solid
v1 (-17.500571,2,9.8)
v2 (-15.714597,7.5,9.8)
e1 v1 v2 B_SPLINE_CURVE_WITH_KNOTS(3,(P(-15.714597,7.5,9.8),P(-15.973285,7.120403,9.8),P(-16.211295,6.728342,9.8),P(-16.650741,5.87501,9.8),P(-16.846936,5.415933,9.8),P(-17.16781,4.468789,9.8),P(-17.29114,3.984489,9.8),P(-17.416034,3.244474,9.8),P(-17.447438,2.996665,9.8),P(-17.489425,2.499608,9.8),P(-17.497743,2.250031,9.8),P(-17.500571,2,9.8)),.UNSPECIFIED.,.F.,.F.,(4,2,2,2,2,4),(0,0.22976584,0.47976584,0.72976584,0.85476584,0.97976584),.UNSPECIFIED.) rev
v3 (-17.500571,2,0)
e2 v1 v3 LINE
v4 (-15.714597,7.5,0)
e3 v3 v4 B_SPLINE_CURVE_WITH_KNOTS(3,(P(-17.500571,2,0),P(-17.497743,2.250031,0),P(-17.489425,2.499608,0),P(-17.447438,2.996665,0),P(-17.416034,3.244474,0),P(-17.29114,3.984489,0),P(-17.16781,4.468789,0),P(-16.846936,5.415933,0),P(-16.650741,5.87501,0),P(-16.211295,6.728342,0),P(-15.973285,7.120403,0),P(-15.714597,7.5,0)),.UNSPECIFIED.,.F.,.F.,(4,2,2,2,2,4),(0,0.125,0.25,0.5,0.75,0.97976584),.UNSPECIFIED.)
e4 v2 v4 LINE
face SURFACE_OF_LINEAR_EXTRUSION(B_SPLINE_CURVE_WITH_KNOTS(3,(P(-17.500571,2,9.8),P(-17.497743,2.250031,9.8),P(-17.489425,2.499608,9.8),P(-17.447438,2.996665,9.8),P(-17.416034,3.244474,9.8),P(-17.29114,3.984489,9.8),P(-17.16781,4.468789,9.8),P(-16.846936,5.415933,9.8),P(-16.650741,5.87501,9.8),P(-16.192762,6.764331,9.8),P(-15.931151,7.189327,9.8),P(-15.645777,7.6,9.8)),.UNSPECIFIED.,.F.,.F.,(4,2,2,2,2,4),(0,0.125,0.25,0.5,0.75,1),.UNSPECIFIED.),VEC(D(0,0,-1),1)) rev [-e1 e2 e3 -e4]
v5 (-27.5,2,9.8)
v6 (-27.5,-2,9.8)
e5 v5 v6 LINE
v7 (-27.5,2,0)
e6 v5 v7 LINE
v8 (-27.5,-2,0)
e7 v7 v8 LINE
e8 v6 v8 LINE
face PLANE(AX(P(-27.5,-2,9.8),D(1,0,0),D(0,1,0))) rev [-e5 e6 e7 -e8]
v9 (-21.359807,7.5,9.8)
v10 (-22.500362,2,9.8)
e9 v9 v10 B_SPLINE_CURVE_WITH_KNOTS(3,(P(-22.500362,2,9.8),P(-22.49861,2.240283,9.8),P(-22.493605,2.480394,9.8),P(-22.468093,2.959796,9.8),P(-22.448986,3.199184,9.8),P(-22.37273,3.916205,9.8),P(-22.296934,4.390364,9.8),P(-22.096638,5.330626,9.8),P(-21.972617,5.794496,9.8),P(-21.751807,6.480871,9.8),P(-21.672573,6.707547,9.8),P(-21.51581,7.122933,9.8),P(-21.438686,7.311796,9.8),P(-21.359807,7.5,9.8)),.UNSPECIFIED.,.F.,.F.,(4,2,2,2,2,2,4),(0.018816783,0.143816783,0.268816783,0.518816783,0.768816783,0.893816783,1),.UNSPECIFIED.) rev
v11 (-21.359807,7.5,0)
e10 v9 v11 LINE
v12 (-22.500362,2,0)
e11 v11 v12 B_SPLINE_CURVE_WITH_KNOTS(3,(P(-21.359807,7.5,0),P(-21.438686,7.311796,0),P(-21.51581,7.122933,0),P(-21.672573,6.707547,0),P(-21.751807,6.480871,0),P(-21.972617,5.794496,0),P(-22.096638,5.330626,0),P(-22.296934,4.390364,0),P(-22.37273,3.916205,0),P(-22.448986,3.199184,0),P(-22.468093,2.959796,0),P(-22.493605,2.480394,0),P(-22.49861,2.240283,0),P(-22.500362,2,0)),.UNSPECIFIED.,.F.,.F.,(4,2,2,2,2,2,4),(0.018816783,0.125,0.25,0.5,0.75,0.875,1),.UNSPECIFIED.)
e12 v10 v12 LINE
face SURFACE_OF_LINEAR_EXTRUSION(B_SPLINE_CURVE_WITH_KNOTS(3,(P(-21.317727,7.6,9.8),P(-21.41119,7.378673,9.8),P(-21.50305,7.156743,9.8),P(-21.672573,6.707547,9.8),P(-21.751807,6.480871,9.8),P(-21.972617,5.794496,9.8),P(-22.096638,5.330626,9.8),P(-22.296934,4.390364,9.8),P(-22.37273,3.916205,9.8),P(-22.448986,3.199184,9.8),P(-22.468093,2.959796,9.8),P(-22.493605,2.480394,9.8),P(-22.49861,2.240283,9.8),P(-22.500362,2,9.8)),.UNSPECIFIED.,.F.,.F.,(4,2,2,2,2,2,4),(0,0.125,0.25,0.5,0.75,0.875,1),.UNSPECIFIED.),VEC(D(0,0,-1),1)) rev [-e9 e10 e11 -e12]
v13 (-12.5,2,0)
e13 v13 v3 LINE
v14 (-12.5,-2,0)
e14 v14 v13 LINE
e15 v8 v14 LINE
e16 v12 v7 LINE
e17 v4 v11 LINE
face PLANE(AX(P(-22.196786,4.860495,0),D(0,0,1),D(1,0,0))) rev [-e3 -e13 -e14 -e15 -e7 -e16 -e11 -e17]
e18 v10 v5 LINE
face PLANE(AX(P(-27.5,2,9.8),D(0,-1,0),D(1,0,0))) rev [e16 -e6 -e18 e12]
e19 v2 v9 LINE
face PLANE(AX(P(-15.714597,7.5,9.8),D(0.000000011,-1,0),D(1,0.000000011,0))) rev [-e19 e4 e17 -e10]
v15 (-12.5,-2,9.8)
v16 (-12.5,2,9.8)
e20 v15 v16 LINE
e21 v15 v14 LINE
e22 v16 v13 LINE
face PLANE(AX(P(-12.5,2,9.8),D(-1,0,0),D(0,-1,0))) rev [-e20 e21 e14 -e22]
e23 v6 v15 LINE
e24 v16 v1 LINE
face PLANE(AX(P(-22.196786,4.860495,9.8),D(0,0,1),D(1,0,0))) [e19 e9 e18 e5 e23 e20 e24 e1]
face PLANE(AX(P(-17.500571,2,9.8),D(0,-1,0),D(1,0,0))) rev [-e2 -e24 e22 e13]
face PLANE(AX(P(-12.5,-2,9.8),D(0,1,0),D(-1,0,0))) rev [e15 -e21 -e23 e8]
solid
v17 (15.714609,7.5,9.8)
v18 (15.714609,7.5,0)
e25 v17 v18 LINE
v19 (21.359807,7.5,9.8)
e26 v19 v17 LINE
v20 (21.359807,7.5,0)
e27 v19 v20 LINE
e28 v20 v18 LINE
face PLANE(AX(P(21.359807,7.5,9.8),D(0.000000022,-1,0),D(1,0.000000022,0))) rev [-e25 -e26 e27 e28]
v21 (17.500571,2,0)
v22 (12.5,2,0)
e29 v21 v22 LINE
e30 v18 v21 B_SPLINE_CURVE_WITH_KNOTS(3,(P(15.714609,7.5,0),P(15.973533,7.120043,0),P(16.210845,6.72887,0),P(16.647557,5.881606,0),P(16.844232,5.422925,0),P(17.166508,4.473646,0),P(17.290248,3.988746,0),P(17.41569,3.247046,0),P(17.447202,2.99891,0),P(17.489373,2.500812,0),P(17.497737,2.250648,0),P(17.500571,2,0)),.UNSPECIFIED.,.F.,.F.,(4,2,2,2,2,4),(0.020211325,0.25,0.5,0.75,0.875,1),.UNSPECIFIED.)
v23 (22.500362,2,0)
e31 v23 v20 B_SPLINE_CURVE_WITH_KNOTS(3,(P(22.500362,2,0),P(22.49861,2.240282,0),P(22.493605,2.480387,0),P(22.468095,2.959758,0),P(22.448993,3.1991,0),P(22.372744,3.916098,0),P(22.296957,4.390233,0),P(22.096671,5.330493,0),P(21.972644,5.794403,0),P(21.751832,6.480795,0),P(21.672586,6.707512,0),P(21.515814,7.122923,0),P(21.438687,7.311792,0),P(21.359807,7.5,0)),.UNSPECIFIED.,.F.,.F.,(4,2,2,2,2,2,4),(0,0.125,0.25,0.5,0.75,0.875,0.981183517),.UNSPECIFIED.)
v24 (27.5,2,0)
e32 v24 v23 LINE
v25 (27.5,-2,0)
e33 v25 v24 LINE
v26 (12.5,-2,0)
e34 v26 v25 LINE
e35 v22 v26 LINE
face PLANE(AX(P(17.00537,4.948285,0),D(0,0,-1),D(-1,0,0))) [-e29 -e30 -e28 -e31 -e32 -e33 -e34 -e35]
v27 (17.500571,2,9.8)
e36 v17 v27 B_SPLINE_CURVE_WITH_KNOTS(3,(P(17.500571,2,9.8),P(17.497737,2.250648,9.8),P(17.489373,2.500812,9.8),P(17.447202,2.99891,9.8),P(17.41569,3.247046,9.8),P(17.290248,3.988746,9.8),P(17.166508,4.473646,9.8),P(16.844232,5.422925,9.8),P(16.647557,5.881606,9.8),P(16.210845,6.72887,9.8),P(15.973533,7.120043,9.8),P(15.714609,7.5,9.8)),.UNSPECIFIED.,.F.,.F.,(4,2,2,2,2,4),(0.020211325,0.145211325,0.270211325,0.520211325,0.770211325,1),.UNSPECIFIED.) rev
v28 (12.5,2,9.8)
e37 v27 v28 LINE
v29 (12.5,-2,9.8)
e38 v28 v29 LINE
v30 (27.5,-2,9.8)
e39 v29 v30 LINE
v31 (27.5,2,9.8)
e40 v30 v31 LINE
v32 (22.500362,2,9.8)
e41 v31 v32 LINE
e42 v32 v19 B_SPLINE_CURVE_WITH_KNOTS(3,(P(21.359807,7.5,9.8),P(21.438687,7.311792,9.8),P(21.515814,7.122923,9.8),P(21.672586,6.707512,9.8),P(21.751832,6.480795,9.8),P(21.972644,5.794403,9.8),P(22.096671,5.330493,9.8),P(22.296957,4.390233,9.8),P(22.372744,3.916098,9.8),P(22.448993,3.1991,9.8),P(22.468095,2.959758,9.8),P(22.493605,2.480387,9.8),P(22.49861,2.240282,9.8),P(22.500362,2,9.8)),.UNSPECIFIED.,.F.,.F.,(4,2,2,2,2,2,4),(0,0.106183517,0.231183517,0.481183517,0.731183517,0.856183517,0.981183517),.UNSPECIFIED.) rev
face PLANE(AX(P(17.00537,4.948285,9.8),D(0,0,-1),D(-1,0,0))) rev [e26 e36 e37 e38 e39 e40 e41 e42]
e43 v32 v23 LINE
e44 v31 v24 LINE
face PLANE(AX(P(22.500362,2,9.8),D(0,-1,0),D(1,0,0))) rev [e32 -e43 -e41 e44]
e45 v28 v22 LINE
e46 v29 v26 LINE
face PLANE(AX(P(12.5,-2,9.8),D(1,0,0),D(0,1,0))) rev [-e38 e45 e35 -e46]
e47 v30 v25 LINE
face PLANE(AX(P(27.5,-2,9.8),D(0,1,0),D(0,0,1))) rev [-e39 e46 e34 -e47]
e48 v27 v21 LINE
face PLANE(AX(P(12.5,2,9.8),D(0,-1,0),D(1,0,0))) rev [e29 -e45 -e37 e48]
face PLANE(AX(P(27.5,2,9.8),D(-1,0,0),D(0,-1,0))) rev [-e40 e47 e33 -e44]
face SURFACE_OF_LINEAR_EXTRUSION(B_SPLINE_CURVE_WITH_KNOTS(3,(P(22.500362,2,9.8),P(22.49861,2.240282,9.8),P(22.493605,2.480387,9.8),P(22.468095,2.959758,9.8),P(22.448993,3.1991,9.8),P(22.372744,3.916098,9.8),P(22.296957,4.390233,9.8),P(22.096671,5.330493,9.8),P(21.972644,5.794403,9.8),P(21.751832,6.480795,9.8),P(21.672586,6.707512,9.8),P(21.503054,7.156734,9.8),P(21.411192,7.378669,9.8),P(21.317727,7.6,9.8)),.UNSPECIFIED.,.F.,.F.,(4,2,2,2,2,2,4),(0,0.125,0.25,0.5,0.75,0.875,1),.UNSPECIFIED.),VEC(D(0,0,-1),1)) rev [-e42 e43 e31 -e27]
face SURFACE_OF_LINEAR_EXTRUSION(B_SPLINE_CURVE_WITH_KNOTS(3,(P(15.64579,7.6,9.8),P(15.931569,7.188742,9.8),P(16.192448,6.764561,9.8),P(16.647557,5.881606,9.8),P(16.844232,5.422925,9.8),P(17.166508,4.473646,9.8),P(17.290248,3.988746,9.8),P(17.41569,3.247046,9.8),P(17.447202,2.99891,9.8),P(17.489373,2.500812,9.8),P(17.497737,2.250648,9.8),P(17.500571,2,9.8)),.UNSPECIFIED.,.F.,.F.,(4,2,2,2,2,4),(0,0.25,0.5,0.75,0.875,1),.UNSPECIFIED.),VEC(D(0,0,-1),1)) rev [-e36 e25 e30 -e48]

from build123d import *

# Parameters (mm, degrees)
BOSS_EXTRUDE1_DEPTH   = 9.8
BOSS_EXTRUDE1_2_DEPTH = 9.8


with BuildPart() as part:
    # Sketch1 → Boss-Extrude1 (new body)
    with BuildSketch(Plane.XY):
        with BuildLine():
            Line((21.359807465, 7.499999649), (15.714609084, 7.499999527))
            add(Edge.make_bspline(
                [(17.500570812, 2), (17.497736554, 2.250648162), (17.489372691, 2.500811888), (17.447201657, 2.998910307), (17.415689774, 3.247046086), (17.290247951, 3.988745802), (17.166508355, 4.473645999), (16.844231636, 5.422924534), (16.647556681, 5.881606182), (16.210844588, 6.728869849), (15.973532615, 7.120043174), (15.714609084, 7.499999527)],
                knots=[0, 0, 0, 0, 0.125, 0.125, 0.25, 0.25, 0.5, 0.5, 0.75, 0.75, 0.979788675, 0.979788675, 0.979788675, 0.979788675], degree=3))
            Line((17.500570812, 2), (12.5, 2))
            Line((12.5, 2), (12.5, -2))
            Line((12.5, -2), (27.5, -2))
            Line((27.5, -2), (27.5, 2))
            Line((27.5, 2), (22.500362017, 2))
            add(Edge.make_bspline(
                [(21.359807465, 7.499999649), (21.438687374, 7.311792042), (21.515814035, 7.122923168), (21.672586019, 6.707511572), (21.751832498, 6.480795242), (21.972643578, 5.794402537), (22.096671487, 5.330493497), (22.296957284, 4.390233007), (22.372744412, 3.916098335), (22.448993124, 3.199099588), (22.468095241, 2.959757941), (22.49360504, 2.480386933), (22.49860953, 2.240281554), (22.500362017, 2)],
                knots=[0.018816483, 0.018816483, 0.018816483, 0.018816483, 0.125, 0.125, 0.25, 0.25, 0.5, 0.5, 0.75, 0.75, 0.875, 0.875, 1, 1, 1, 1], degree=3))
        make_face()
    extrude(amount=BOSS_EXTRUDE1_DEPTH)


with BuildPart() as body_2:
    # Sketch1 → Boss-Extrude1 2 (new body)
    with BuildSketch(Plane.XY):
        with BuildLine():
            Line((-15.714596986, 7.50000025), (-21.359807236, 7.500000185))
            add(Edge.make_bspline(
                [(-22.500362017, 2), (-22.498609518, 2.240283209), (-22.49360505, 2.48039432), (-22.468092808, 2.95979609), (-22.448985784, 3.199183914), (-22.372729792, 3.916205194), (-22.296934114, 4.390363947), (-22.096638482, 5.330626264), (-21.972616627, 5.794495662), (-21.751806537, 6.480871265), (-21.672573061, 6.707547006), (-21.515809829, 7.122933381), (-21.438685531, 7.311796411), (-21.359807236, 7.500000185)],
                knots=[0, 0, 0, 0, 0.125, 0.125, 0.25, 0.25, 0.5, 0.5, 0.75, 0.75, 0.875, 0.875, 0.981183217, 0.981183217, 0.981183217, 0.981183217], degree=3))
            Line((-22.500362017, 2), (-27.5, 2))
            Line((-27.5, 2), (-27.5, -2))
            Line((-27.5, -2), (-12.5, -2))
            Line((-12.5, -2), (-12.5, 2))
            Line((-12.5, 2), (-17.500571029, 2))
            add(Edge.make_bspline(
                [(-15.714596986, 7.50000025), (-15.973284717, 7.120402883), (-16.211295478, 6.728341652), (-16.65074088, 5.875010273), (-16.846936492, 5.415932879), (-17.167809593, 4.468789326), (-17.291139784, 3.984489447), (-17.416033619, 3.244473774), (-17.447438121, 2.996665332), (-17.489425197, 2.499607562), (-17.497743216, 2.250030732), (-17.500571029, 2)],
                knots=[0.02023416, 0.02023416, 0.02023416, 0.02023416, 0.25, 0.25, 0.5, 0.5, 0.75, 0.75, 0.875, 0.875, 1, 1, 1, 1], degree=3))
        make_face()
    extrude(amount=BOSS_EXTRUDE1_2_DEPTH)


solid = Compound([part.part, body_2.part])
